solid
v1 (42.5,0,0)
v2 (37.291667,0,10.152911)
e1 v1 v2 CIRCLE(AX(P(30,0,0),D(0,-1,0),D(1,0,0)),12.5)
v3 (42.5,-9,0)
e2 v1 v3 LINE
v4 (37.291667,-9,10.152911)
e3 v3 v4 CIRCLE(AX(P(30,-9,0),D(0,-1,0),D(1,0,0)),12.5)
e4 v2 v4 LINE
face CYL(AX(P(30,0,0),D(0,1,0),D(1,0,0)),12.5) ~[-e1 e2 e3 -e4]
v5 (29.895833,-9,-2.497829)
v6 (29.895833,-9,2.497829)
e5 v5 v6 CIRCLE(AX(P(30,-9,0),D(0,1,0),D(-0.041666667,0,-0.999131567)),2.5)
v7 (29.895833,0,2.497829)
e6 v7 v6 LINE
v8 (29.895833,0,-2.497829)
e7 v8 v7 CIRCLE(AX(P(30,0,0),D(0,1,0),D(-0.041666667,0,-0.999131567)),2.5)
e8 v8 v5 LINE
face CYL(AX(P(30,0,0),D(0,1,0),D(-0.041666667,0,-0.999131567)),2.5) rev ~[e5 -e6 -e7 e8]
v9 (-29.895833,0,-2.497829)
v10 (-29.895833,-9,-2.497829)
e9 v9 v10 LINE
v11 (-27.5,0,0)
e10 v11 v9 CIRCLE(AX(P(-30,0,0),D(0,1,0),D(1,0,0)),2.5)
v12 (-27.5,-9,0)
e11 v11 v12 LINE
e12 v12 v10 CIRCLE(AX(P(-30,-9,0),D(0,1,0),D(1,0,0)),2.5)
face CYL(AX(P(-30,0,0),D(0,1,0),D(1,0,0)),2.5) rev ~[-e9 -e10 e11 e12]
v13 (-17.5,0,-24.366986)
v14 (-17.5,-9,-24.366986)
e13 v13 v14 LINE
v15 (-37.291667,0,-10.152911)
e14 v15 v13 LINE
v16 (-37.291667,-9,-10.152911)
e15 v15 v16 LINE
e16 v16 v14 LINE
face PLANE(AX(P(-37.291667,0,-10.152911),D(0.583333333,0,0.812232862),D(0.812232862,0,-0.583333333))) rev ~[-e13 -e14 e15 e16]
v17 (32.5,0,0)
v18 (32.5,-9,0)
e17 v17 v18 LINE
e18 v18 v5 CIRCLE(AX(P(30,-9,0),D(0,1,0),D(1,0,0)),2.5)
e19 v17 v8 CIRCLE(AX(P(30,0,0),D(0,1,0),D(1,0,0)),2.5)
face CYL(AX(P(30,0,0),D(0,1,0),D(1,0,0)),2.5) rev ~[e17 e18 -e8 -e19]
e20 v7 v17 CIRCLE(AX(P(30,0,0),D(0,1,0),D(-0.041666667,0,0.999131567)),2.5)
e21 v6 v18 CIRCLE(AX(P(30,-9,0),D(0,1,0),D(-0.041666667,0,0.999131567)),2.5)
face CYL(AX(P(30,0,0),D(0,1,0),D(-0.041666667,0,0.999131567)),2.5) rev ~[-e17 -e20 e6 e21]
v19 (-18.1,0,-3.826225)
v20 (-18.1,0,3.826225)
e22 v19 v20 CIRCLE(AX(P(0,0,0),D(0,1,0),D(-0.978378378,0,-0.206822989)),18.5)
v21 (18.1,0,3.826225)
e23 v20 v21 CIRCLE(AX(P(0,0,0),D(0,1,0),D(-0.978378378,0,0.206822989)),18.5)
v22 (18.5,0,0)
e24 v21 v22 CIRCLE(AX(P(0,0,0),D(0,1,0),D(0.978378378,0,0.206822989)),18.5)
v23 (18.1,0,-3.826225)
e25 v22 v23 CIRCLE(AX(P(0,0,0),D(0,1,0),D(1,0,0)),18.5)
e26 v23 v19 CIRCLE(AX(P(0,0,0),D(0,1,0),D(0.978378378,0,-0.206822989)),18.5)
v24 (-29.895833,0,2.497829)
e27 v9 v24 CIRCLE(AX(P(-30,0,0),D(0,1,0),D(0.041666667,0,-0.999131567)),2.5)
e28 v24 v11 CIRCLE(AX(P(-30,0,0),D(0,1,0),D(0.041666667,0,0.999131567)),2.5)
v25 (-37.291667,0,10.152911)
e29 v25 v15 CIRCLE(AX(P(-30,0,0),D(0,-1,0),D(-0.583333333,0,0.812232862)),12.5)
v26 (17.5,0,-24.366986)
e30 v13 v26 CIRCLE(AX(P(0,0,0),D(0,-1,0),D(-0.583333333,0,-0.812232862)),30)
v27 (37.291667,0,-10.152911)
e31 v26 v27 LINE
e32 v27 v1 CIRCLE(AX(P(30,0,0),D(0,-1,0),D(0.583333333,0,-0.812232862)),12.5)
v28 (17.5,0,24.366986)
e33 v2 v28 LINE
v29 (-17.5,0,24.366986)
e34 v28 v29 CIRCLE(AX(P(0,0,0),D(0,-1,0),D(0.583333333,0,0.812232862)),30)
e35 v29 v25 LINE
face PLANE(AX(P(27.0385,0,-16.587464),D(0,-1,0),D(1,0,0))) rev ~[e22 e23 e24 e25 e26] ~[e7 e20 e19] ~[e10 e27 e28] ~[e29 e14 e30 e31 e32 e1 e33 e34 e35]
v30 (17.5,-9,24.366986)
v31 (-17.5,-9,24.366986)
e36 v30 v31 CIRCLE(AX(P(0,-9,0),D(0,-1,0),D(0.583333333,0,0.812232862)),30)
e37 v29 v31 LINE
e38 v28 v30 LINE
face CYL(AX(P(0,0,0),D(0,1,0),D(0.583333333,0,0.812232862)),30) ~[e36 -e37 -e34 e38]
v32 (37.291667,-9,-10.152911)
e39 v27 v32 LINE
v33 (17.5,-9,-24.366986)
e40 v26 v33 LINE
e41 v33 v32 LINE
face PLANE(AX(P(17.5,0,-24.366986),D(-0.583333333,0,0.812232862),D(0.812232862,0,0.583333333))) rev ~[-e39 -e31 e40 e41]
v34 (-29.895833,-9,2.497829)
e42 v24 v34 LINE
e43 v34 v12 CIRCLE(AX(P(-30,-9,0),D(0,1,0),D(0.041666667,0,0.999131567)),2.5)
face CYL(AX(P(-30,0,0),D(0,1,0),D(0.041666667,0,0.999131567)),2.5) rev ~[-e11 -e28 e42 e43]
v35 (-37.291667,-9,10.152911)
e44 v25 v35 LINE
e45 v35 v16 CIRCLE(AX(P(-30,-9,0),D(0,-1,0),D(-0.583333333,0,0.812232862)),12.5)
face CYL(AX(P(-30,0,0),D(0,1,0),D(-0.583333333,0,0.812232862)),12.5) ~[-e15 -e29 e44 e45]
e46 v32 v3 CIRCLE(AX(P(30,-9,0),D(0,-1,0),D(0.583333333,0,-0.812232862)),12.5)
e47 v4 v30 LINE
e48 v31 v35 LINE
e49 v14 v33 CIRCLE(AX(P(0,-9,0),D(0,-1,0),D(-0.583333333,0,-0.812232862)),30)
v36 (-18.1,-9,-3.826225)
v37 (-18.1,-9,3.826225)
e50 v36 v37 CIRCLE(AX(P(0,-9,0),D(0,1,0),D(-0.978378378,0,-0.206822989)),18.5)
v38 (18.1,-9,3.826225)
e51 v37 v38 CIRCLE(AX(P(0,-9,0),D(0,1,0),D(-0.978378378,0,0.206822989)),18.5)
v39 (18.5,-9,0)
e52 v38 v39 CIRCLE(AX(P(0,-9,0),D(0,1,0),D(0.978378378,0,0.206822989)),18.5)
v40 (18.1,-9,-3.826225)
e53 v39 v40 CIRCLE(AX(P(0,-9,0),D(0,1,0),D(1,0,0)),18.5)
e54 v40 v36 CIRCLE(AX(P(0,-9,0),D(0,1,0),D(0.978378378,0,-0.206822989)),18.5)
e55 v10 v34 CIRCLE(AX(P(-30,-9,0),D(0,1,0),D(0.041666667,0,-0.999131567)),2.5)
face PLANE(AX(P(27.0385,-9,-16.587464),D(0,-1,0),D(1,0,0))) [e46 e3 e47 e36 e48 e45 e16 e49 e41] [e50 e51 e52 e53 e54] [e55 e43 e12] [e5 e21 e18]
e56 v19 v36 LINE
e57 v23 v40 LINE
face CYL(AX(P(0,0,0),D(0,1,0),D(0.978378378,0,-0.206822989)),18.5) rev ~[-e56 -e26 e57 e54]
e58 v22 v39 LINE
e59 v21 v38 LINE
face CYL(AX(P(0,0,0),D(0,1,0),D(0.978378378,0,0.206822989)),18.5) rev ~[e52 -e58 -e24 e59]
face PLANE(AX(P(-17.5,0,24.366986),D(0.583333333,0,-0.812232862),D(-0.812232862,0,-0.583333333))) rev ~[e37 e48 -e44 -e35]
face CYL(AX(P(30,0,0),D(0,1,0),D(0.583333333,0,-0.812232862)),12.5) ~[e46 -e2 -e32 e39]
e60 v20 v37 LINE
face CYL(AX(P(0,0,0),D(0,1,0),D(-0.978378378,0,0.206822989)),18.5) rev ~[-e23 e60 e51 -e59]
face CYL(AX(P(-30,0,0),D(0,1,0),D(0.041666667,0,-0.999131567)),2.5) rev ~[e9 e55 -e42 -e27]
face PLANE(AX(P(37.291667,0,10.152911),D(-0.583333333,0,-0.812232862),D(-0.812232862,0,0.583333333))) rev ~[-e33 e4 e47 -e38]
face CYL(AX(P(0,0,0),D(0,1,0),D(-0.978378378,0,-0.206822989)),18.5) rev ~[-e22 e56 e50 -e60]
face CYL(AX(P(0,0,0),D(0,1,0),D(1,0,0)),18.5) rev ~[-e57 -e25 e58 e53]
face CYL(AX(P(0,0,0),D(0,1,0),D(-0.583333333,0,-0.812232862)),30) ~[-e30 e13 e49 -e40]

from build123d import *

# Parameters (mm, degrees)
F1_DEPTH = 9


with BuildPart() as f1:
    # F0 (on Front) → F1 (new body)
    with BuildSketch(Plane.XZ):
        with BuildLine():
            ThreePointArc((37.2916666667, -10.1529107758), (32.5626748227, -12.2344880462), (27.3958333333, -12.2257235357))
            ThreePointArc((27.3958333333, -12.2257235357), (23.2542797221, -18.953587381), (17.5, -24.366985862))
            Line((17.5, -24.366985862), (37.2916666667, -10.1529107758))
        make_face()
        with BuildLine():
            ThreePointArc((-29.8958333333, 2.4978289184), (-29.0558384973, 7.4671446496), (-27.3958333333, 12.2257235357))
            ThreePointArc((-27.3958333333, 12.2257235357), (-32.5626748227, 12.2344880462), (-37.2916666667, 10.1529107758))
            ThreePointArc((-37.2916666667, 10.1529107758), (-42.5, 0), (-37.2916666667, -10.1529107758))
            ThreePointArc((-37.2916666667, -10.1529107758), (-32.5626748227, -12.2344880462), (-27.3958333333, -12.2257235357))
            ThreePointArc((-27.3958333333, -12.2257235357), (-29.0558384973, -7.4671446496), (-29.8958333333, -2.4978289184))
            ThreePointArc((-29.8958333333, -2.4978289184), (-32.5, 0), (-29.8958333333, 2.4978289184))
        make_face()
        with BuildLine():
            ThreePointArc((27.3958333333, -12.2257235357), (21.6196297604, -9.2746641259), (18.1, -3.8262252939))
            ThreePointArc((18.1, -3.8262252939), (0, -18.5), (-18.1, -3.8262252939))
            ThreePointArc((-18.1, -3.8262252939), (-21.6196297604, -9.2746641259), (-27.3958333333, -12.2257235357))
            ThreePointArc((-27.3958333333, -12.2257235357), (-23.2542797221, -18.953587381), (-17.5, -24.366985862))
            ThreePointArc((-17.5, -24.366985862), (0, -30), (17.5, -24.366985862))
            ThreePointArc((17.5, -24.366985862), (23.2542797221, -18.953587381), (27.3958333333, -12.2257235357))
        make_face()
        with BuildLine():
            ThreePointArc((18.1, 3.8262252939), (18.3997282589, 1.9235384062), (18.5, 0))
            ThreePointArc((18.5, 0), (18.3997282589, -1.9235384062), (18.1, -3.8262252939))
            ThreePointArc((18.1, -3.8262252939), (21.6196297604, -9.2746641259), (27.3958333333, -12.2257235357))
            ThreePointArc((27.3958333333, -12.2257235357), (29.0558384973, -7.4671446496), (29.8958333333, -2.4978289184))
            ThreePointArc((29.8958333333, -2.4978289184), (27.5, 0), (29.8958333333, 2.4978289184))
            ThreePointArc((29.8958333333, 2.4978289184), (29.0558384973, 7.4671446496), (27.3958333333, 12.2257235357))
            ThreePointArc((27.3958333333, 12.2257235357), (21.6196297604, 9.2746641259), (18.1, 3.8262252939))
        make_face()
        with BuildLine():
            ThreePointArc((17.5, 24.366985862), (23.2542797221, 18.953587381), (27.3958333333, 12.2257235357))
            ThreePointArc((27.3958333333, 12.2257235357), (32.5626748227, 12.2344880462), (37.2916666667, 10.1529107758))
            Line((37.2916666667, 10.1529107758), (17.5, 24.366985862))
        make_face()
        with BuildLine():
            ThreePointArc((-37.2916666667, 10.1529107758), (-32.5626748227, 12.2344880462), (-27.3958333333, 12.2257235357))
            ThreePointArc((-27.3958333333, 12.2257235357), (-23.2542797221, 18.953587381), (-17.5, 24.366985862))
            Line((-17.5, 24.366985862), (-37.2916666667, 10.1529107758))
        make_face()
        with BuildLine():
            ThreePointArc((37.2916666667, 10.1529107758), (32.5626748227, 12.2344880462), (27.3958333333, 12.2257235357))
            ThreePointArc((27.3958333333, 12.2257235357), (29.0558384973, 7.4671446496), (29.8958333333, 2.4978289184))
            ThreePointArc((29.8958333333, 2.4978289184), (31.7305466381, 1.8042195912), (32.5, 0))
            ThreePointArc((32.5, 0), (31.7305466381, -1.8042195912), (29.8958333333, -2.4978289184))
            ThreePointArc((29.8958333333, -2.4978289184), (29.0558384973, -7.4671446496), (27.3958333333, -12.2257235357))
            ThreePointArc((27.3958333333, -12.2257235357), (32.5626748227, -12.2344880462), (37.2916666667, -10.1529107758))
            ThreePointArc((37.2916666667, -10.1529107758), (41.1219565125, -5.7054433073), (42.5, 0))
            ThreePointArc((42.5, 0), (41.1219565125, 5.7054433073), (37.2916666667, 10.1529107758))
        make_face()
        with BuildLine():
            ThreePointArc((-17.5, -24.366985862), (-23.2542797221, -18.953587381), (-27.3958333333, -12.2257235357))
            ThreePointArc((-27.3958333333, -12.2257235357), (-32.5626748227, -12.2344880462), (-37.2916666667, -10.1529107758))
            Line((-37.2916666667, -10.1529107758), (-17.5, -24.366985862))
        make_face()
        with BuildLine():
            ThreePointArc((-18.1, -3.8262252939), (-18.5, 0), (-18.1, 3.8262252939))
            ThreePointArc((-18.1, 3.8262252939), (-21.6196297604, 9.2746641259), (-27.3958333333, 12.2257235357))
            ThreePointArc((-27.3958333333, 12.2257235357), (-29.0558384973, 7.4671446496), (-29.8958333333, 2.4978289184))
            ThreePointArc((-29.8958333333, 2.4978289184), (-28.1957804088, 1.7305466381), (-27.5, 0))
            ThreePointArc((-27.5, 0), (-28.1957804088, -1.7305466381), (-29.8958333333, -2.4978289184))
            ThreePointArc((-29.8958333333, -2.4978289184), (-29.0558384973, -7.4671446496), (-27.3958333333, -12.2257235357))
            ThreePointArc((-27.3958333333, -12.2257235357), (-21.6196297604, -9.2746641259), (-18.1, -3.8262252939))
        make_face()
        with BuildLine():
            ThreePointArc((-18.1, 3.8262252939), (0, 18.5), (18.1, 3.8262252939))
            ThreePointArc((18.1, 3.8262252939), (21.6196297604, 9.2746641259), (27.3958333333, 12.2257235357))
            ThreePointArc((27.3958333333, 12.2257235357), (23.2542797221, 18.953587381), (17.5, 24.366985862))
            ThreePointArc((17.5, 24.366985862), (0, 30), (-17.5, 24.366985862))
            ThreePointArc((-17.5, 24.366985862), (-23.2542797221, 18.953587381), (-27.3958333333, 12.2257235357))
            ThreePointArc((-27.3958333333, 12.2257235357), (-21.6196297604, 9.2746641259), (-18.1, 3.8262252939))
        make_face()
    extrude(amount=F1_DEPTH)


solid = f1.part
